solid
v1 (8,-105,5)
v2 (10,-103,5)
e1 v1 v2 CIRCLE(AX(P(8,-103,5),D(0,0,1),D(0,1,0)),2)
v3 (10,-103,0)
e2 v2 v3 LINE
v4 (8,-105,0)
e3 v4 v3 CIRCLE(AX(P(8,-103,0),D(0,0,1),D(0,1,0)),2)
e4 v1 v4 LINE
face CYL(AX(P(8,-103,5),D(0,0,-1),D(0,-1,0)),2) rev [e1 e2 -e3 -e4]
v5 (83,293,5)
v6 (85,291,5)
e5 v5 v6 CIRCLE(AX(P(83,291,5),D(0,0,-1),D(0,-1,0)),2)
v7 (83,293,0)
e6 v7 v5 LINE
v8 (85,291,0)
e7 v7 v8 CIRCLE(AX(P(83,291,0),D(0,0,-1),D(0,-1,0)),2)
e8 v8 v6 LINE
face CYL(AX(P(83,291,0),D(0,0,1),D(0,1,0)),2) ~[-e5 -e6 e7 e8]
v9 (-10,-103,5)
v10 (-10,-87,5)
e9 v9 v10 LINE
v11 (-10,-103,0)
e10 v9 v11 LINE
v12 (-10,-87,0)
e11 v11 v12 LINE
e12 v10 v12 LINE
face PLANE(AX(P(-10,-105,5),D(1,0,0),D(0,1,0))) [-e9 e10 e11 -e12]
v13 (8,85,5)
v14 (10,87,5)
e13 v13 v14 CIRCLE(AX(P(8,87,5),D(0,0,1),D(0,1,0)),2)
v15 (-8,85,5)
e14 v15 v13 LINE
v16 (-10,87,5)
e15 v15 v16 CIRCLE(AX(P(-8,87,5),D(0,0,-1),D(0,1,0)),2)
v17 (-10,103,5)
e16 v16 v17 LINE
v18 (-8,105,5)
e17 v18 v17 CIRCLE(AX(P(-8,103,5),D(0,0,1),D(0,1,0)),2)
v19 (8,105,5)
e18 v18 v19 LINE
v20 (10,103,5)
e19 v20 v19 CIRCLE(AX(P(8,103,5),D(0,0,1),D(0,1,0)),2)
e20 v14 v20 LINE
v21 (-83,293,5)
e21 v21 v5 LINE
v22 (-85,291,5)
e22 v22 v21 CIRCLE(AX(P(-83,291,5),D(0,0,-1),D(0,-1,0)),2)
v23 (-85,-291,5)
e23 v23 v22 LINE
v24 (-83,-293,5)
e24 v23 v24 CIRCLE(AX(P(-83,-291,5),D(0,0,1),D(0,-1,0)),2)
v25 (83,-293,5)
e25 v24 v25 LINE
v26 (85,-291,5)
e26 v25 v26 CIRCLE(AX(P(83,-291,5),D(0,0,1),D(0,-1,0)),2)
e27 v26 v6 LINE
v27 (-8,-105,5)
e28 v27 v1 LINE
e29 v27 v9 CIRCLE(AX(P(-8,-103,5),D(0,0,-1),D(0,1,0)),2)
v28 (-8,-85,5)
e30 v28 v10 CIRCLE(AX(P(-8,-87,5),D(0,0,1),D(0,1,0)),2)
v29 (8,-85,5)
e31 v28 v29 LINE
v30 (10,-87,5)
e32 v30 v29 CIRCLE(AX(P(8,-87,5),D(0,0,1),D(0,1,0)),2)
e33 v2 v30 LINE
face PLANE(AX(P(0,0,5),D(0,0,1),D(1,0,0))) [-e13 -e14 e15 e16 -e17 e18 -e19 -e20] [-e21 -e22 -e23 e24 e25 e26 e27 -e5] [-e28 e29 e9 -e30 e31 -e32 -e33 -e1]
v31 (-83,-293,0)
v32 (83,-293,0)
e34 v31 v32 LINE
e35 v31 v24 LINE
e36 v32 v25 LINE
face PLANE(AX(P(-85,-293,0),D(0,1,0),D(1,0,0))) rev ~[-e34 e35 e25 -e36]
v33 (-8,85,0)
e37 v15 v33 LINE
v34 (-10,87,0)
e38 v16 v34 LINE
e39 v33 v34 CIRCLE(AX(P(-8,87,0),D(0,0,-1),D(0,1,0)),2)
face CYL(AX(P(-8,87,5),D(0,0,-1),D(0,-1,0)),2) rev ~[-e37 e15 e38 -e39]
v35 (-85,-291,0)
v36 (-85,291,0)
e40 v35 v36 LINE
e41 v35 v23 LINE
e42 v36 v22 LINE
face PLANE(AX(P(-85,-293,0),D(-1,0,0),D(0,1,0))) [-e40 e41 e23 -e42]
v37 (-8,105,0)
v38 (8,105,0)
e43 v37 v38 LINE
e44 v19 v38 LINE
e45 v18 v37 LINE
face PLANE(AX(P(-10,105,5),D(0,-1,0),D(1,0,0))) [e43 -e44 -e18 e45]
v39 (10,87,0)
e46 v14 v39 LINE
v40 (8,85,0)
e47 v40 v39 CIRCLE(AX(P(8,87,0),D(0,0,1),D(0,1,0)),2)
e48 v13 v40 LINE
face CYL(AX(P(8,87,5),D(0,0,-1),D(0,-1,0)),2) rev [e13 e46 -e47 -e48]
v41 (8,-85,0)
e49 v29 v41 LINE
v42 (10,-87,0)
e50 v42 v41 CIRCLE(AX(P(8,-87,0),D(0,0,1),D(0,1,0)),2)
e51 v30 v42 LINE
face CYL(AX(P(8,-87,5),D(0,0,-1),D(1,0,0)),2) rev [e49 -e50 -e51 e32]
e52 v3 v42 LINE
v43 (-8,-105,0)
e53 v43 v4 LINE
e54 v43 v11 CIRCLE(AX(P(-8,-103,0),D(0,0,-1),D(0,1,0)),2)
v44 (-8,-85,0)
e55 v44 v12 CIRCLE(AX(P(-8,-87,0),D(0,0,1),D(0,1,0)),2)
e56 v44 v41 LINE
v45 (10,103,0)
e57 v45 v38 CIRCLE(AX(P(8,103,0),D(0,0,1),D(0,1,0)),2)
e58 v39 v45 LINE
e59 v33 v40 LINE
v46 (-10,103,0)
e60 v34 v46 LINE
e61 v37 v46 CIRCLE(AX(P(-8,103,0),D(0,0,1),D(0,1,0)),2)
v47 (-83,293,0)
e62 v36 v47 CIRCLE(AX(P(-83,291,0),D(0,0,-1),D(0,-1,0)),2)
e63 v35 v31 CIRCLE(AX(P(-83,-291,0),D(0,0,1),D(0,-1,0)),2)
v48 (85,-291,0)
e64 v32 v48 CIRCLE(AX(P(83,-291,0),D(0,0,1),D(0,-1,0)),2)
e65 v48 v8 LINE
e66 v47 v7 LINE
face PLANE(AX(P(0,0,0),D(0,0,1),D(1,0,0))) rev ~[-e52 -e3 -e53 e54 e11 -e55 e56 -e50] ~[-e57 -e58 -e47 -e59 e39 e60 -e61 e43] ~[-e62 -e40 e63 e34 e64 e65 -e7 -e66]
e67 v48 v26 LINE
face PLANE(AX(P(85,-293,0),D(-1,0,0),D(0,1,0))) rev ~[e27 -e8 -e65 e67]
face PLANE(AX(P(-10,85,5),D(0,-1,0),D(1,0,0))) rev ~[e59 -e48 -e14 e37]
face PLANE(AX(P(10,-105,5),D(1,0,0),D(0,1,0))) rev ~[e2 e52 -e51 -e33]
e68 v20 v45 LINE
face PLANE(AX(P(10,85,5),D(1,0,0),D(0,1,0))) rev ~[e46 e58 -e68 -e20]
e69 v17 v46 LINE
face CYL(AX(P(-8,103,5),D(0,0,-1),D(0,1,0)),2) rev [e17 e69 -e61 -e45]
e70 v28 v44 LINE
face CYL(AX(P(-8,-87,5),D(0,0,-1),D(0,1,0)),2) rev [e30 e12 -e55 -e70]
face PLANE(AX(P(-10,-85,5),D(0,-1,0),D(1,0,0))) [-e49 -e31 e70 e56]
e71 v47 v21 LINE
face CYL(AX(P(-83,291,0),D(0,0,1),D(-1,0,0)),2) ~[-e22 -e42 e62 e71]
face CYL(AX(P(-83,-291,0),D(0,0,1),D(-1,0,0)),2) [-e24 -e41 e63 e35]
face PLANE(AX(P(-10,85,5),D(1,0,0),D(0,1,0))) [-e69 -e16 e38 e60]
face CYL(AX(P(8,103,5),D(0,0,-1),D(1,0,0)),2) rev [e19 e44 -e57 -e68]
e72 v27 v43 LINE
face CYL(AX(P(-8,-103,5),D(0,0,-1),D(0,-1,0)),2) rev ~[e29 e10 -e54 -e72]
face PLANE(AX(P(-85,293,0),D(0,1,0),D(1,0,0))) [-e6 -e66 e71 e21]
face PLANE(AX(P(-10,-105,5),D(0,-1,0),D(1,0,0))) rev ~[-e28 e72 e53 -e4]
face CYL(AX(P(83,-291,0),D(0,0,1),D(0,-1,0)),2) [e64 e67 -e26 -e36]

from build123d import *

# Parameters (mm, degrees)
F0_W     = 170
F0_H     = 586
F1_DEPTH = 5
F2_W     = 20
F2_H     = 20
F3_DEPTH = 25
F4_R     = 2


with BuildPart() as f1:
    # F0 (on Top) → F1 (new body)
    with BuildSketch(Plane.XY):
        Rectangle(F0_W, F0_H)
    extrude(amount=F1_DEPTH)

    # F2 (on face) → F3 (cut)
    with BuildSketch(Plane.XY.offset(5)):
        with Locations((0, 95)):
            Rectangle(F2_W, F2_H)
        with Locations((0, -95)):
            Rectangle(F2_W, F2_H)
    extrude(amount=-F3_DEPTH, mode=Mode.SUBTRACT)

    # F4
    f4_edges = [f1.edges().sort_by_distance(p)[0] for p in [
        (-85, -293, 2.5),
        (85, -293, 2.5),
        (85, 293, 2.5),
        (-10, 105, 2.5),
        (-10, -85, 2.5),
        (-10, 85, 2.5),
        (-10, -105, 2.5),
        (10, 105, 2.5),
        (-85, 293, 2.5),
        (10, -85, 2.5),
        (10, -105, 2.5),
        (10, 85, 2.5),
    ]]
    fillet(f4_edges, radius=F4_R)


solid = f1.part
